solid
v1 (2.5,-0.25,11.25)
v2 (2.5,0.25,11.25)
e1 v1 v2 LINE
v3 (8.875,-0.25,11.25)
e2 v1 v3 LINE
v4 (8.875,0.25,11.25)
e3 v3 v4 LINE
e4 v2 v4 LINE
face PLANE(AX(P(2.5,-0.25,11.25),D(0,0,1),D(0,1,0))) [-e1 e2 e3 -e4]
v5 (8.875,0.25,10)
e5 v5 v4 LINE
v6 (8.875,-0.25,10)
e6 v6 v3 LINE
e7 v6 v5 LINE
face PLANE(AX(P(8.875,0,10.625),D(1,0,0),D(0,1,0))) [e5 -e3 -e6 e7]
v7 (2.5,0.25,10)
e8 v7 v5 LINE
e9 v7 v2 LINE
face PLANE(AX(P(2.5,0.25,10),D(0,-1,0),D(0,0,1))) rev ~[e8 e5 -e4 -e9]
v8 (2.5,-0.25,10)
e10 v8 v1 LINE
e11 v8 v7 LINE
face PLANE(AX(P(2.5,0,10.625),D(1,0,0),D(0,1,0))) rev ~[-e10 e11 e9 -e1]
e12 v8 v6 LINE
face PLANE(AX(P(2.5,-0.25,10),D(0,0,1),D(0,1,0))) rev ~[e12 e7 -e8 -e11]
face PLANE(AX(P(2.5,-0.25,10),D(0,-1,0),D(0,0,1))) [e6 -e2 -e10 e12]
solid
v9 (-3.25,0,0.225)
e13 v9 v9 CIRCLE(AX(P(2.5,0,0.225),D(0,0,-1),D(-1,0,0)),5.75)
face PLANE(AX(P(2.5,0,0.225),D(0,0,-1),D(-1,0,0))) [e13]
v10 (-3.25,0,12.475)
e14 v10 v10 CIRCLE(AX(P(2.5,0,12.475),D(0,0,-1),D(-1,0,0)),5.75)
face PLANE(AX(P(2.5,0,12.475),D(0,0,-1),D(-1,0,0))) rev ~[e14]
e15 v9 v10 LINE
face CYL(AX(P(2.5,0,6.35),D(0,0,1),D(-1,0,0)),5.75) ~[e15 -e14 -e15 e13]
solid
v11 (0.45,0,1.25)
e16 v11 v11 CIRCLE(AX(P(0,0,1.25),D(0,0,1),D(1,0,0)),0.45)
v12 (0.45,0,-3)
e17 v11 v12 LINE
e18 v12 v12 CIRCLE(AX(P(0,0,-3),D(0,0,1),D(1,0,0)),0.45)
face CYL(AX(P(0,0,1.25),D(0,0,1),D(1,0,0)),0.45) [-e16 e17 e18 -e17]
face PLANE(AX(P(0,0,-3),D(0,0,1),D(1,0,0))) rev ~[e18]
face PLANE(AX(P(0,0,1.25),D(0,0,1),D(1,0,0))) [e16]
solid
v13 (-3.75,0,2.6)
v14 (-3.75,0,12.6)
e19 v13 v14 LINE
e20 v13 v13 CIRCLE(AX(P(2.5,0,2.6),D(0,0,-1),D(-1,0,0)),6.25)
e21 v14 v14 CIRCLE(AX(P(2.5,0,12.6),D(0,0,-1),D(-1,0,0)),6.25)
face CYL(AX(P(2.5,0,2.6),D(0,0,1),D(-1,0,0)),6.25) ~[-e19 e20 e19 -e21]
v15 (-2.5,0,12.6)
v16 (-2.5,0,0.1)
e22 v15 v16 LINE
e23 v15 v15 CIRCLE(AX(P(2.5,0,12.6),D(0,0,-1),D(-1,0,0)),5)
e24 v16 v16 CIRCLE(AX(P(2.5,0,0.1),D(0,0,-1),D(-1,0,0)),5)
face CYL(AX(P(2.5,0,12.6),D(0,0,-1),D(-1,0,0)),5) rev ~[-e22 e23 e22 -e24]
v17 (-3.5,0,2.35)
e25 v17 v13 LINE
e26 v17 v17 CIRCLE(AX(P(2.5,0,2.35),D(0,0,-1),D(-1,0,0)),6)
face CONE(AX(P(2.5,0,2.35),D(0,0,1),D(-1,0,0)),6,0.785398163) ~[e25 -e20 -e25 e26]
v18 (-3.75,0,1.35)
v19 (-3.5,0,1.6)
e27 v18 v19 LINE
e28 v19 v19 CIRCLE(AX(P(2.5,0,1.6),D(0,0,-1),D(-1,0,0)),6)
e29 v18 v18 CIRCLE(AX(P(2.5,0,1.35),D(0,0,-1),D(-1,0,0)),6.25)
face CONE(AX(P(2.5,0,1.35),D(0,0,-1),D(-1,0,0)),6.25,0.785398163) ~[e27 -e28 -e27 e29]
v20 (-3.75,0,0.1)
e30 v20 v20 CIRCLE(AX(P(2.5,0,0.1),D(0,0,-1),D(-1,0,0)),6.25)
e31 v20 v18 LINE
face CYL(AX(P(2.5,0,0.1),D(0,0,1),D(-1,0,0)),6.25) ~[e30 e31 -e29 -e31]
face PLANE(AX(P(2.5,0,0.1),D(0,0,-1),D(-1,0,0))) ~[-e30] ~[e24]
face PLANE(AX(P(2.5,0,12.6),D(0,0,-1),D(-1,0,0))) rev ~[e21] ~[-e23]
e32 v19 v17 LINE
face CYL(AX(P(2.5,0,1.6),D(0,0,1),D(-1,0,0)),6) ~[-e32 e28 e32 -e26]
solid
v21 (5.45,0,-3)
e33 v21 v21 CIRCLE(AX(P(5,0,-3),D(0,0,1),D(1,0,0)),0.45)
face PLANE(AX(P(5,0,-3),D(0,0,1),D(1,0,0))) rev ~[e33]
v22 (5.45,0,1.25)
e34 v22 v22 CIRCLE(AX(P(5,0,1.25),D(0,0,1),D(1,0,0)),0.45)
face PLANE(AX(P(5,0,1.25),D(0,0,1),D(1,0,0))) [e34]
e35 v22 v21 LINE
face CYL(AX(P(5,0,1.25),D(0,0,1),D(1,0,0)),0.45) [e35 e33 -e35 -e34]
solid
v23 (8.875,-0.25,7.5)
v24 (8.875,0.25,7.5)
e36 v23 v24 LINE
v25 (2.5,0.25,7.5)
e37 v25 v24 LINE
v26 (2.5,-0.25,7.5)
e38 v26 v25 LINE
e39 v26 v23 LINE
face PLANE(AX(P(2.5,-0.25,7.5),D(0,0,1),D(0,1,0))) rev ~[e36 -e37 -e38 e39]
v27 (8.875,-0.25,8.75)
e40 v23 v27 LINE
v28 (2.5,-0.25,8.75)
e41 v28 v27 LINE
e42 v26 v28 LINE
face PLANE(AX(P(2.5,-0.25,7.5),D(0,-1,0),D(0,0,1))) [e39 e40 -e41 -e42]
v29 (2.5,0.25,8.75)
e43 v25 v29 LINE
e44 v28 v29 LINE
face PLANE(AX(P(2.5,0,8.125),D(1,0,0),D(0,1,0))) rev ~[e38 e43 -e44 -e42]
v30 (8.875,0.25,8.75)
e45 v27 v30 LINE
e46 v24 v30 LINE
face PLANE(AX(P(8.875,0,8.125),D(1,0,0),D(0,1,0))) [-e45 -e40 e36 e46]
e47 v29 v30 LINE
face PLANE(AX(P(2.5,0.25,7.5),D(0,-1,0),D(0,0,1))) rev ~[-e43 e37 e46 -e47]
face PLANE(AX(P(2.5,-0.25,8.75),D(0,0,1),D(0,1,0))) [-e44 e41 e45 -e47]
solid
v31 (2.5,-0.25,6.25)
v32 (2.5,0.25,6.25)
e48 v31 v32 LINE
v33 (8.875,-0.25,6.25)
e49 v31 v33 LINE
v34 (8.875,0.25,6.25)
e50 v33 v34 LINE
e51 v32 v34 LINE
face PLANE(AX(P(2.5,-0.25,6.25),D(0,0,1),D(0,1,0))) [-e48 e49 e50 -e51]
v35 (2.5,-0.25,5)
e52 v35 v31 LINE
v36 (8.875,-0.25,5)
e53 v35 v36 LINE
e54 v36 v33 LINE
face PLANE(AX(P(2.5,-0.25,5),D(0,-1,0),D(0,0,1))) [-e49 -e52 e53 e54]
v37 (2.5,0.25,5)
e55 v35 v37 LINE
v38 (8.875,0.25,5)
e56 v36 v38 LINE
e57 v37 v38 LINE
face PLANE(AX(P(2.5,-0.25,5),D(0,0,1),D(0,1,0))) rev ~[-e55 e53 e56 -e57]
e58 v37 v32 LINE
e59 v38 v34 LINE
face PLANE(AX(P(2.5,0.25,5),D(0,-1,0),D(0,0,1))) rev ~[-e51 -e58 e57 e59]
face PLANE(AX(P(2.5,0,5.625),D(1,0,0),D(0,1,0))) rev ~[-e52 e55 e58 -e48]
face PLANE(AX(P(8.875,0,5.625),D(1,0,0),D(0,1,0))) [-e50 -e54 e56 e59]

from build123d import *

# Parameters (mm, degrees)
SKETCH002_W  = 5.75
SKETCH002_H  = 12.25
SKETCH003_R  = 0.45
PAD_DEPTH    = 4.25
SKETCH004_W  = 0.5
SKETCH004_H  = 1.25
PAD001_DEPTH = 6.375


with BuildPart() as revolution:
    # Sketch → Revolution (revolve)
    with BuildSketch(Plane.XZ):
        Polygon((-3.75, 0.1), (-3.75, 1.35), (-3.5, 1.6), (-3.5, 2.35), (-3.75, 2.6), (-3.75, 12.6), (-2.5, 12.6), (-2.5, 0.1), align=None)
    revolve(axis=Axis((2.5, 0, 7.548619), (0, 0, -1)))


with BuildPart() as revolution001:
    # Sketch002 → Revolution001 (revolve)
    with BuildSketch(Plane.XZ):
        with Locations((-0.375, 6.35)):
            Rectangle(SKETCH002_W, SKETCH002_H)
    revolve(axis=Axis((2.5, 0, 4.680116), (0, 0, -1)))


with BuildPart() as pad:
    # Sketch003 → Pad (new body)
    with BuildSketch(Plane.XY.offset(1.25)):
        Circle(SKETCH003_R)
        with Locations((5, 0)):
            Circle(SKETCH003_R)
    extrude(amount=-PAD_DEPTH)


with BuildPart() as pad001:
    # Sketch004 → Pad001 (new body)
    with BuildSketch(Plane.YZ.offset(2.5)):
        with Locations((0, 5.625)):
            Rectangle(SKETCH004_W, SKETCH004_H)
        with Locations((0, 8.125)):
            Rectangle(SKETCH004_W, SKETCH004_H)
        with Locations((0, 10.625)):
            Rectangle(SKETCH004_W, SKETCH004_H)
    extrude(amount=PAD001_DEPTH)


solid = Compound([revolution.part, revolution001.part, pad.part, pad001.part])
